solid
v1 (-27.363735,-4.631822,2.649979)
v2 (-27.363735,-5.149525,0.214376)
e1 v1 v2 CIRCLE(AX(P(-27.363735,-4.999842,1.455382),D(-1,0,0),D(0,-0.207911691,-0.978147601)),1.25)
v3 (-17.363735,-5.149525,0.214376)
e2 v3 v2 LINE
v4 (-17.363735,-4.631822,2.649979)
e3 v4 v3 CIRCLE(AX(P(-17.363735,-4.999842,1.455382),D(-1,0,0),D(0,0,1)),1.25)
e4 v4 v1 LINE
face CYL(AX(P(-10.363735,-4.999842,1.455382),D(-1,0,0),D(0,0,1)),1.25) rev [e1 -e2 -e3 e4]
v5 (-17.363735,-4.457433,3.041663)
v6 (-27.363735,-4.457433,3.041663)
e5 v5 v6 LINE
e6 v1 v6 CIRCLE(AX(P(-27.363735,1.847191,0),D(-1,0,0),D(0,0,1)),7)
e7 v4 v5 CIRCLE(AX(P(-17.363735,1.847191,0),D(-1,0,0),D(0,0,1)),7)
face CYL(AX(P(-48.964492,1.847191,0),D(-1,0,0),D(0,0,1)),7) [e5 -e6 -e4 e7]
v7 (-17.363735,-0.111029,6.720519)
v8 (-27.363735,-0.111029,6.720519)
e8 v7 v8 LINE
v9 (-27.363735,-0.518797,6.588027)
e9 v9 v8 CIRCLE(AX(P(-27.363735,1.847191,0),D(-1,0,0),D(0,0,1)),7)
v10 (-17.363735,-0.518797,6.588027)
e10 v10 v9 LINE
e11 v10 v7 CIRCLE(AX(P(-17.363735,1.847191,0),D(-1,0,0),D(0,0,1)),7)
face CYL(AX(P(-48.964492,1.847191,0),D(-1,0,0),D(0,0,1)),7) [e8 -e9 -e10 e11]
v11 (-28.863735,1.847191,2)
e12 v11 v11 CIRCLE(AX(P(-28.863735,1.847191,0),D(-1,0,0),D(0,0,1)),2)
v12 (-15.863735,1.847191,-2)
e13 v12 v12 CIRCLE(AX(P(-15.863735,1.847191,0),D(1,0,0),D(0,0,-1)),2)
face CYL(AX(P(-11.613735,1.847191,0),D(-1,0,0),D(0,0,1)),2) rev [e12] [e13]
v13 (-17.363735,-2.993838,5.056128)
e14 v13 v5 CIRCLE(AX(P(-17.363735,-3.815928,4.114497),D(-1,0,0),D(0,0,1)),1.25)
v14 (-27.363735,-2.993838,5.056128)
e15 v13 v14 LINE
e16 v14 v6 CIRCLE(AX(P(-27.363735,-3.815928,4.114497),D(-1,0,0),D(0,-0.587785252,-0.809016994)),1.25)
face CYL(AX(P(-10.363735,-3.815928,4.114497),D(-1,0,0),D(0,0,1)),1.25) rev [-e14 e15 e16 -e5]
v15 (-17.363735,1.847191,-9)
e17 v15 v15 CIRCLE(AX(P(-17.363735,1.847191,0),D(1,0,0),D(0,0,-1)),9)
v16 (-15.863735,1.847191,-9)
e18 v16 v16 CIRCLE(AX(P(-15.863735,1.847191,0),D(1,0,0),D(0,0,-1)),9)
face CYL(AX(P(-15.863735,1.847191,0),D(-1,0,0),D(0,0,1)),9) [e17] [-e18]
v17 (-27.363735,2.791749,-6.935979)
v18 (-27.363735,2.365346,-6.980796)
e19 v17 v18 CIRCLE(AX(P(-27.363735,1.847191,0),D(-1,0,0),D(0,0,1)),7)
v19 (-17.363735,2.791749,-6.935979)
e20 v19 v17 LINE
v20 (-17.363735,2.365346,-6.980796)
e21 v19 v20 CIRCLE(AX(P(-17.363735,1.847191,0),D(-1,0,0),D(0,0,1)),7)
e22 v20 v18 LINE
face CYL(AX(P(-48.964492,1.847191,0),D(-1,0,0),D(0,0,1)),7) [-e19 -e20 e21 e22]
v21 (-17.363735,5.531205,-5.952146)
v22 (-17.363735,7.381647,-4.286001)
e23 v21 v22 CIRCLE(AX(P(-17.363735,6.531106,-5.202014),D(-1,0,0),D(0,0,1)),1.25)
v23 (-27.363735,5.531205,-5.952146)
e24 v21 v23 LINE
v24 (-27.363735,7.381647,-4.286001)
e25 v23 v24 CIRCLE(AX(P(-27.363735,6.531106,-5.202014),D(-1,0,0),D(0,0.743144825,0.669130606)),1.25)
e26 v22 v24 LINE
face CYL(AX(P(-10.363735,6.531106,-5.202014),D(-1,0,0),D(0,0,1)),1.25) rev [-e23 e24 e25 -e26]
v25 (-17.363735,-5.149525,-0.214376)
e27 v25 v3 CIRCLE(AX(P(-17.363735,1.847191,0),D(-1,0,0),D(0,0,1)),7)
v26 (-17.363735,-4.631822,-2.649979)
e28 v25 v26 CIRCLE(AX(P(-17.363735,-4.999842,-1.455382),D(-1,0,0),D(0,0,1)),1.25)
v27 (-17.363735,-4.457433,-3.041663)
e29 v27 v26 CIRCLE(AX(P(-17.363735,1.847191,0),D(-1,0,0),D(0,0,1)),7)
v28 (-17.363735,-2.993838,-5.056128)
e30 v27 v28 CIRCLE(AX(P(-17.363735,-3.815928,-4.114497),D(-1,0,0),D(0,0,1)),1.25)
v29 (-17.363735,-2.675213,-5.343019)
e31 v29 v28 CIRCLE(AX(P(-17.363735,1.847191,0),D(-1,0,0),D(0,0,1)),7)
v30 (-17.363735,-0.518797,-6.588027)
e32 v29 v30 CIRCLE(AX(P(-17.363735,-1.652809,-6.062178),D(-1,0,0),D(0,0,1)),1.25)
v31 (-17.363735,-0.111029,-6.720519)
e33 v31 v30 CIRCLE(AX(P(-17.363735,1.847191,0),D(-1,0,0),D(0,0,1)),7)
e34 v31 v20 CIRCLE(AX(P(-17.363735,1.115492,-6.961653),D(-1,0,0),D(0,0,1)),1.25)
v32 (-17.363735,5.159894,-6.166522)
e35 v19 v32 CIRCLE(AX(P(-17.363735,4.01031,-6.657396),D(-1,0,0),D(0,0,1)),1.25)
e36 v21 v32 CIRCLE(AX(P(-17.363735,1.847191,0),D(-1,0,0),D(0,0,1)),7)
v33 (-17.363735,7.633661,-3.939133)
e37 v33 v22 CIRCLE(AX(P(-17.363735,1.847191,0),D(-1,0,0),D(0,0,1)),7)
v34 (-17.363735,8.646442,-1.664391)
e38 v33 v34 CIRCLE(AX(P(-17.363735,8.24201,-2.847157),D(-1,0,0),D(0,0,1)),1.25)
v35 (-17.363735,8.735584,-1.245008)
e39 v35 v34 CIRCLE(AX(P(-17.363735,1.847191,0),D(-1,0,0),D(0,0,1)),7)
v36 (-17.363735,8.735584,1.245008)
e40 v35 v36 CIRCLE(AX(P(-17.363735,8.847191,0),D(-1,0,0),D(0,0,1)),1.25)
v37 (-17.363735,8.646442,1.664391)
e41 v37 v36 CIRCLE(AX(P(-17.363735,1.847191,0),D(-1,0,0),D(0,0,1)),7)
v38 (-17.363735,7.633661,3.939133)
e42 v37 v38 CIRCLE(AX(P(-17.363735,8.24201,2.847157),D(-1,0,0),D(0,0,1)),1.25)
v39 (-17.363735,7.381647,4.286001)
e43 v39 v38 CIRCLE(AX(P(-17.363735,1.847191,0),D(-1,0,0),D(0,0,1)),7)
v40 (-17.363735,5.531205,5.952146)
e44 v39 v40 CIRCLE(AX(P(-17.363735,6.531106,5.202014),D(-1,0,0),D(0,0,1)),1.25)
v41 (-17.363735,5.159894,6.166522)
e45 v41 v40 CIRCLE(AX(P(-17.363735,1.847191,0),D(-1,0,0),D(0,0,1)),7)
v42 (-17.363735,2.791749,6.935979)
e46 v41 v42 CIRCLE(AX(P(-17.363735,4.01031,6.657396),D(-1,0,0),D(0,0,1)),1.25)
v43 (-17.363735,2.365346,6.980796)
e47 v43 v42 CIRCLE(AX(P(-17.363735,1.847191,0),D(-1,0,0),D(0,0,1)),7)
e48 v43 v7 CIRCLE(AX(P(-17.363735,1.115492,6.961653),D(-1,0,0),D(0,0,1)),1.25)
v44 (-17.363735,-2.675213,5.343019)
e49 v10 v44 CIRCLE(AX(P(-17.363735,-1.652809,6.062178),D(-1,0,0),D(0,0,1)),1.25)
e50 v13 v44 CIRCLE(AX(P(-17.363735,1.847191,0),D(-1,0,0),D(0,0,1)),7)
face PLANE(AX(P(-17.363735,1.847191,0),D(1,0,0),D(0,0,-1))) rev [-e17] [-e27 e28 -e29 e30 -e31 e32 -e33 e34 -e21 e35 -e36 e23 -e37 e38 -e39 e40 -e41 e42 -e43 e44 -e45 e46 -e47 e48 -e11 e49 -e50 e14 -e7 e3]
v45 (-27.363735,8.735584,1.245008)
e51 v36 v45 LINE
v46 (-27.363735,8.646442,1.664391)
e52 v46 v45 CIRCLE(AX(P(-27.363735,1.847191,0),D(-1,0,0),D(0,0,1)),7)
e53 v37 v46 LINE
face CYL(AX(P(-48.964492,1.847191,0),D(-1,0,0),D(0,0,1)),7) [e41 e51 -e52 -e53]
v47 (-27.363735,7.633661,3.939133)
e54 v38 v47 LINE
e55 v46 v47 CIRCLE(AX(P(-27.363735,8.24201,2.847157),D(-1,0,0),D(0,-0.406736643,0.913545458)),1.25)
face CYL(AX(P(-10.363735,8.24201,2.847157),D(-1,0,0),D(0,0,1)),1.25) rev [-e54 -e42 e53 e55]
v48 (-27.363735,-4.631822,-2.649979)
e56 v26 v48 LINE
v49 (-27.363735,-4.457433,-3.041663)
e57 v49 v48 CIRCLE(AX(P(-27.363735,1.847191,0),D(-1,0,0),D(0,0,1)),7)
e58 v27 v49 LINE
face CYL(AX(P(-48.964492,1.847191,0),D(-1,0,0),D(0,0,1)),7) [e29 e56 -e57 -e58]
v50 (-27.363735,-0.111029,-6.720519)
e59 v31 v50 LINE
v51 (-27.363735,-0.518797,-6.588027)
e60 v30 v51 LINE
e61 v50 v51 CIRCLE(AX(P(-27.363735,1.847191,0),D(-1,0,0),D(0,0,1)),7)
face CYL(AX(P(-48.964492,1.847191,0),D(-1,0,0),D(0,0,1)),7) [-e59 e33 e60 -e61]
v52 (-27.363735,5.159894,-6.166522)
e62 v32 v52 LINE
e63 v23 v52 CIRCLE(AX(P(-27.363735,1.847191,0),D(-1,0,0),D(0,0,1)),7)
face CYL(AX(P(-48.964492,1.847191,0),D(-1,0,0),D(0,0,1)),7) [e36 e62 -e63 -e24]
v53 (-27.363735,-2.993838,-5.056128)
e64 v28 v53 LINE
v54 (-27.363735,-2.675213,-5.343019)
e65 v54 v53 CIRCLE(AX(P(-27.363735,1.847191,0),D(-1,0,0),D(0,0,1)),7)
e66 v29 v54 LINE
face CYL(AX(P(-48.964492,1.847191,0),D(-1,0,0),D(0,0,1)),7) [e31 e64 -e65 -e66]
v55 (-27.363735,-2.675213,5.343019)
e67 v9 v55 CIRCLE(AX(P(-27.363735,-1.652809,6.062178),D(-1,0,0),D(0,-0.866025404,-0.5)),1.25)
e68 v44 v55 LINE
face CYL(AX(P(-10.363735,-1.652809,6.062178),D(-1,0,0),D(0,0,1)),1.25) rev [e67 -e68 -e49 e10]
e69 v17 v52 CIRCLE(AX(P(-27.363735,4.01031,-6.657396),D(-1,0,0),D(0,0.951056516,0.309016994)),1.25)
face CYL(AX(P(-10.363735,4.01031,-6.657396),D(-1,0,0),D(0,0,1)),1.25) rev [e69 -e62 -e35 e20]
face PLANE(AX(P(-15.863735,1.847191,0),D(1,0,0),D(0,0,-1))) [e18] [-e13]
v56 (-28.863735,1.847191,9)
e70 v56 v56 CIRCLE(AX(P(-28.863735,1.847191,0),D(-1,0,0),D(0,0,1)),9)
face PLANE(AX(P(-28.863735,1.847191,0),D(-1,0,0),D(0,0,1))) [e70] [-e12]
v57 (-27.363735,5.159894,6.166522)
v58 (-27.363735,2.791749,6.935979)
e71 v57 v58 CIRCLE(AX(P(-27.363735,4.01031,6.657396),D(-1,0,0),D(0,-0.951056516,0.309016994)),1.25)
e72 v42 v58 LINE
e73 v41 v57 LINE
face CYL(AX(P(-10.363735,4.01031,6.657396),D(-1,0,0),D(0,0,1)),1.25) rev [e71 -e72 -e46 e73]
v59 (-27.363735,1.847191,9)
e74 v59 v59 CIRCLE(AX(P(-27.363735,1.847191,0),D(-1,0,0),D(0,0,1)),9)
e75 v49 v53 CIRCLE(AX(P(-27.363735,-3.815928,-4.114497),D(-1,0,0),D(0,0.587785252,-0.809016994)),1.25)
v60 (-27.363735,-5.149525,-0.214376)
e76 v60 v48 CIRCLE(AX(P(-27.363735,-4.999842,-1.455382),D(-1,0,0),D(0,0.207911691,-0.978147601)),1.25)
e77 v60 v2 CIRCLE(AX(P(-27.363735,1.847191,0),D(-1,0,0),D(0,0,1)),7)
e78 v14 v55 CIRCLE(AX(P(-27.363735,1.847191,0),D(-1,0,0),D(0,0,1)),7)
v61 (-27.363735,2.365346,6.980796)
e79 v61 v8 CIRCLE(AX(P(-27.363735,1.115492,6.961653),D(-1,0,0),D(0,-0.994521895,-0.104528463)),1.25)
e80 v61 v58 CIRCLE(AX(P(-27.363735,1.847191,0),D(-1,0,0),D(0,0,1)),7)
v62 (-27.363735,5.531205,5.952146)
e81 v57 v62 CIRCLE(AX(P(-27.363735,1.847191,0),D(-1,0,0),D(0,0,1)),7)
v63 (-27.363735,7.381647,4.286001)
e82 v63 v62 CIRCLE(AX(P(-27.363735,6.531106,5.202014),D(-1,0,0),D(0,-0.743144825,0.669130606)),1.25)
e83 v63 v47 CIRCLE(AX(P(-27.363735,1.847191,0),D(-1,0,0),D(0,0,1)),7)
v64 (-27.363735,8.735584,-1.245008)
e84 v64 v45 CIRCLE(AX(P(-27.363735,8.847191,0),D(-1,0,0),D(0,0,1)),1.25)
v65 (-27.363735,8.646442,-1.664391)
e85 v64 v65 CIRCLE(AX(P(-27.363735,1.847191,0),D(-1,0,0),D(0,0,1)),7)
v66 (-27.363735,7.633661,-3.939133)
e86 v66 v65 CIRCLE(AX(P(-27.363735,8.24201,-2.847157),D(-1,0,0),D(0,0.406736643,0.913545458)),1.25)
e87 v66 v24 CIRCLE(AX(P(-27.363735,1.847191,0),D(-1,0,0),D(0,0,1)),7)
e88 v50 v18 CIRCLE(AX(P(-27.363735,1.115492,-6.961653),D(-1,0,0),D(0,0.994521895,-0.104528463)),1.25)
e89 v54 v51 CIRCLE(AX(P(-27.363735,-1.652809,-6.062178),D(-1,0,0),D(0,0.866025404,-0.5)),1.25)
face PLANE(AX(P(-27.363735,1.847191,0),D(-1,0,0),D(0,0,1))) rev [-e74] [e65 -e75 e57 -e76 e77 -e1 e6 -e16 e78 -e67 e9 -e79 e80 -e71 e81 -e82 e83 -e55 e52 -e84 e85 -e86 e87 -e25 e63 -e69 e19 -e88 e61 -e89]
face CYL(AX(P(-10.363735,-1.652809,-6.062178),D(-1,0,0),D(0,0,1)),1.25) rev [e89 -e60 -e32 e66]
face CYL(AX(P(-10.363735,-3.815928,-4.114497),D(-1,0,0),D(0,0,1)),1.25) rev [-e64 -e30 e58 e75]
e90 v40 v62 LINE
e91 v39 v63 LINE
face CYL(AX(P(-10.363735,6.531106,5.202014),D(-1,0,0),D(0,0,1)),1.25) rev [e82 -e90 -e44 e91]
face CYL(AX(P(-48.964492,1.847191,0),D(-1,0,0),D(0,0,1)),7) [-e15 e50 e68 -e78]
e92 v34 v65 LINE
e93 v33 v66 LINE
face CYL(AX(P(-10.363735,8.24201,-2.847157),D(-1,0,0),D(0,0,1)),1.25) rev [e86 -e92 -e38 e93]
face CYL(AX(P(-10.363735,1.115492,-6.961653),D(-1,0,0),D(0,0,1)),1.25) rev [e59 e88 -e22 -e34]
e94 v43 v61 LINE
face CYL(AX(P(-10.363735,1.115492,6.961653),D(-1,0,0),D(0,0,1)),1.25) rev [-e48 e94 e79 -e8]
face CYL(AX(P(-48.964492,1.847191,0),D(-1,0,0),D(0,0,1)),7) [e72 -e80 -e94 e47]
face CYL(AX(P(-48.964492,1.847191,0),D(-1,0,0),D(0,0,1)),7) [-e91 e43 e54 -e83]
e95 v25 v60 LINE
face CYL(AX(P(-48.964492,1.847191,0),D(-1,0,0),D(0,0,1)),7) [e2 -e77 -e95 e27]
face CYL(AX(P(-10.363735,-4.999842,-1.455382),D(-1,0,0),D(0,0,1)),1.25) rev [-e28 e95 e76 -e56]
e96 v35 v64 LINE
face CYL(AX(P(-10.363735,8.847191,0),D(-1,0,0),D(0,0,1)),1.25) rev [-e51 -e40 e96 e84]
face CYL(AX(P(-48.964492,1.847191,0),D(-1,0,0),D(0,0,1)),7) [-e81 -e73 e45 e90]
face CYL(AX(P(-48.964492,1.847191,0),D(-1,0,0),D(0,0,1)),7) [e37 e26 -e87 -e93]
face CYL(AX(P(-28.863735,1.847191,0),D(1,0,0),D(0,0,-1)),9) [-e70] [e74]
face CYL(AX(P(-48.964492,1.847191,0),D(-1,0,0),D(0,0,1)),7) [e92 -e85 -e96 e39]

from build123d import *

# Parameters (mm, degrees)
SKETCH_3_R               = 2
CUT_EXTRUDE_2_DEPTH      = 17
SKETCH_4_W               = 2.5
SKETCH_4_H               = 2.683329606
CUT_EXTRUDE_3_DEPTH      = 17
PATTERN_CIRCULAR_1_COUNT = 15
EXTRUDE_START            = 1.5
SKETCH_5_R               = 9
SKETCH_5_R_2             = 2
EXTRUDE_1_DEPTH          = 1.5
SKETCH_6_R               = 9
SKETCH_6_R_2             = 2
EXTRUDE_2_DEPTH          = 1.5


with BuildPart() as part:
    # 草图1 → 旋转2 (revolve)
    with BuildSketch(Plane.XY, mode=Mode.PRIVATE) as revolve_2_sk:
        Polygon((-27.363734917, 8.847191366), (-27.363734917, 3.847191366), (-28.613734917, 3.847191366), (-28.613734917, 1.847191366), (-16.113734917, 1.847191366), (-16.113734917, 3.847191366), (-17.363734917, 3.847191366), (-17.363734917, 8.847191366), align=None)
    revolve(revolve_2_sk.sketch.rotate(Axis((-48.964491856, 1.847191366, 0), (1, 0, 0)), 90), axis=Axis((-48.964491856, 1.847191366, 0), (1, 0, 0)))

    # 草图3 → 切除-拉伸2 (cut)
    with BuildSketch(Plane.ZY.offset(28.613734917)):
        with Locations((0, 1.847191366)):
            Circle(SKETCH_3_R)
    extrude(amount=-CUT_EXTRUDE_2_DEPTH, mode=Mode.SUBTRACT)

    # 草图4 → 切除-拉伸3 (cut)
    with BuildSketch(Plane.ZY.offset(27.363734917)):
        with Locations((0, 10.188856169)):
            Rectangle(SKETCH_4_W, SKETCH_4_H)
        with BuildLine():
            Line((1.25, 8.847191366), (-1.25, 8.847191366))
            ThreePointArc((-1.25, 8.847191366), (0, 7.597191366), (1.25, 8.847191366))
        make_face()
    cut_extrude_3 = extrude(amount=-CUT_EXTRUDE_3_DEPTH, mode=Mode.SUBTRACT)

    # 阵列(圆周)1: 切除-拉伸3 ×15 about axis
    pattern_circular_1_axis = Axis((0, 1.847191366, 0), (1, 0, 0))
    for i in range(1, PATTERN_CIRCULAR_1_COUNT):
        add(cut_extrude_3.rotate(pattern_circular_1_axis, i * 360 / PATTERN_CIRCULAR_1_COUNT), mode=Mode.SUBTRACT)

    # 草图5 → 凸台-拉伸1 (add)
    with BuildSketch(Plane.ZY.offset(27.363734917).offset(EXTRUDE_START)):
        with Locations((0, 1.847191366)):
            Circle(SKETCH_5_R)
        with Locations((0, 1.847191366)):
            Circle(SKETCH_5_R_2, mode=Mode.SUBTRACT)
    extrude(amount=-EXTRUDE_1_DEPTH)

    # 草图6 → 凸台-拉伸2 (add)
    with BuildSketch(Plane(origin=(-17.363734917, 0, 0), x_dir=(0, 0, -1), z_dir=(1, 0, 0))):
        with Locations(Location((0, 1.847191366, 0), (0, 0, 180))):
            Circle(SKETCH_6_R)
        with Locations(Location((0, 1.847191366, 0), (0, 0, 180))):
            Circle(SKETCH_6_R_2, mode=Mode.SUBTRACT)
    extrude(amount=EXTRUDE_2_DEPTH)


solid = part.part
